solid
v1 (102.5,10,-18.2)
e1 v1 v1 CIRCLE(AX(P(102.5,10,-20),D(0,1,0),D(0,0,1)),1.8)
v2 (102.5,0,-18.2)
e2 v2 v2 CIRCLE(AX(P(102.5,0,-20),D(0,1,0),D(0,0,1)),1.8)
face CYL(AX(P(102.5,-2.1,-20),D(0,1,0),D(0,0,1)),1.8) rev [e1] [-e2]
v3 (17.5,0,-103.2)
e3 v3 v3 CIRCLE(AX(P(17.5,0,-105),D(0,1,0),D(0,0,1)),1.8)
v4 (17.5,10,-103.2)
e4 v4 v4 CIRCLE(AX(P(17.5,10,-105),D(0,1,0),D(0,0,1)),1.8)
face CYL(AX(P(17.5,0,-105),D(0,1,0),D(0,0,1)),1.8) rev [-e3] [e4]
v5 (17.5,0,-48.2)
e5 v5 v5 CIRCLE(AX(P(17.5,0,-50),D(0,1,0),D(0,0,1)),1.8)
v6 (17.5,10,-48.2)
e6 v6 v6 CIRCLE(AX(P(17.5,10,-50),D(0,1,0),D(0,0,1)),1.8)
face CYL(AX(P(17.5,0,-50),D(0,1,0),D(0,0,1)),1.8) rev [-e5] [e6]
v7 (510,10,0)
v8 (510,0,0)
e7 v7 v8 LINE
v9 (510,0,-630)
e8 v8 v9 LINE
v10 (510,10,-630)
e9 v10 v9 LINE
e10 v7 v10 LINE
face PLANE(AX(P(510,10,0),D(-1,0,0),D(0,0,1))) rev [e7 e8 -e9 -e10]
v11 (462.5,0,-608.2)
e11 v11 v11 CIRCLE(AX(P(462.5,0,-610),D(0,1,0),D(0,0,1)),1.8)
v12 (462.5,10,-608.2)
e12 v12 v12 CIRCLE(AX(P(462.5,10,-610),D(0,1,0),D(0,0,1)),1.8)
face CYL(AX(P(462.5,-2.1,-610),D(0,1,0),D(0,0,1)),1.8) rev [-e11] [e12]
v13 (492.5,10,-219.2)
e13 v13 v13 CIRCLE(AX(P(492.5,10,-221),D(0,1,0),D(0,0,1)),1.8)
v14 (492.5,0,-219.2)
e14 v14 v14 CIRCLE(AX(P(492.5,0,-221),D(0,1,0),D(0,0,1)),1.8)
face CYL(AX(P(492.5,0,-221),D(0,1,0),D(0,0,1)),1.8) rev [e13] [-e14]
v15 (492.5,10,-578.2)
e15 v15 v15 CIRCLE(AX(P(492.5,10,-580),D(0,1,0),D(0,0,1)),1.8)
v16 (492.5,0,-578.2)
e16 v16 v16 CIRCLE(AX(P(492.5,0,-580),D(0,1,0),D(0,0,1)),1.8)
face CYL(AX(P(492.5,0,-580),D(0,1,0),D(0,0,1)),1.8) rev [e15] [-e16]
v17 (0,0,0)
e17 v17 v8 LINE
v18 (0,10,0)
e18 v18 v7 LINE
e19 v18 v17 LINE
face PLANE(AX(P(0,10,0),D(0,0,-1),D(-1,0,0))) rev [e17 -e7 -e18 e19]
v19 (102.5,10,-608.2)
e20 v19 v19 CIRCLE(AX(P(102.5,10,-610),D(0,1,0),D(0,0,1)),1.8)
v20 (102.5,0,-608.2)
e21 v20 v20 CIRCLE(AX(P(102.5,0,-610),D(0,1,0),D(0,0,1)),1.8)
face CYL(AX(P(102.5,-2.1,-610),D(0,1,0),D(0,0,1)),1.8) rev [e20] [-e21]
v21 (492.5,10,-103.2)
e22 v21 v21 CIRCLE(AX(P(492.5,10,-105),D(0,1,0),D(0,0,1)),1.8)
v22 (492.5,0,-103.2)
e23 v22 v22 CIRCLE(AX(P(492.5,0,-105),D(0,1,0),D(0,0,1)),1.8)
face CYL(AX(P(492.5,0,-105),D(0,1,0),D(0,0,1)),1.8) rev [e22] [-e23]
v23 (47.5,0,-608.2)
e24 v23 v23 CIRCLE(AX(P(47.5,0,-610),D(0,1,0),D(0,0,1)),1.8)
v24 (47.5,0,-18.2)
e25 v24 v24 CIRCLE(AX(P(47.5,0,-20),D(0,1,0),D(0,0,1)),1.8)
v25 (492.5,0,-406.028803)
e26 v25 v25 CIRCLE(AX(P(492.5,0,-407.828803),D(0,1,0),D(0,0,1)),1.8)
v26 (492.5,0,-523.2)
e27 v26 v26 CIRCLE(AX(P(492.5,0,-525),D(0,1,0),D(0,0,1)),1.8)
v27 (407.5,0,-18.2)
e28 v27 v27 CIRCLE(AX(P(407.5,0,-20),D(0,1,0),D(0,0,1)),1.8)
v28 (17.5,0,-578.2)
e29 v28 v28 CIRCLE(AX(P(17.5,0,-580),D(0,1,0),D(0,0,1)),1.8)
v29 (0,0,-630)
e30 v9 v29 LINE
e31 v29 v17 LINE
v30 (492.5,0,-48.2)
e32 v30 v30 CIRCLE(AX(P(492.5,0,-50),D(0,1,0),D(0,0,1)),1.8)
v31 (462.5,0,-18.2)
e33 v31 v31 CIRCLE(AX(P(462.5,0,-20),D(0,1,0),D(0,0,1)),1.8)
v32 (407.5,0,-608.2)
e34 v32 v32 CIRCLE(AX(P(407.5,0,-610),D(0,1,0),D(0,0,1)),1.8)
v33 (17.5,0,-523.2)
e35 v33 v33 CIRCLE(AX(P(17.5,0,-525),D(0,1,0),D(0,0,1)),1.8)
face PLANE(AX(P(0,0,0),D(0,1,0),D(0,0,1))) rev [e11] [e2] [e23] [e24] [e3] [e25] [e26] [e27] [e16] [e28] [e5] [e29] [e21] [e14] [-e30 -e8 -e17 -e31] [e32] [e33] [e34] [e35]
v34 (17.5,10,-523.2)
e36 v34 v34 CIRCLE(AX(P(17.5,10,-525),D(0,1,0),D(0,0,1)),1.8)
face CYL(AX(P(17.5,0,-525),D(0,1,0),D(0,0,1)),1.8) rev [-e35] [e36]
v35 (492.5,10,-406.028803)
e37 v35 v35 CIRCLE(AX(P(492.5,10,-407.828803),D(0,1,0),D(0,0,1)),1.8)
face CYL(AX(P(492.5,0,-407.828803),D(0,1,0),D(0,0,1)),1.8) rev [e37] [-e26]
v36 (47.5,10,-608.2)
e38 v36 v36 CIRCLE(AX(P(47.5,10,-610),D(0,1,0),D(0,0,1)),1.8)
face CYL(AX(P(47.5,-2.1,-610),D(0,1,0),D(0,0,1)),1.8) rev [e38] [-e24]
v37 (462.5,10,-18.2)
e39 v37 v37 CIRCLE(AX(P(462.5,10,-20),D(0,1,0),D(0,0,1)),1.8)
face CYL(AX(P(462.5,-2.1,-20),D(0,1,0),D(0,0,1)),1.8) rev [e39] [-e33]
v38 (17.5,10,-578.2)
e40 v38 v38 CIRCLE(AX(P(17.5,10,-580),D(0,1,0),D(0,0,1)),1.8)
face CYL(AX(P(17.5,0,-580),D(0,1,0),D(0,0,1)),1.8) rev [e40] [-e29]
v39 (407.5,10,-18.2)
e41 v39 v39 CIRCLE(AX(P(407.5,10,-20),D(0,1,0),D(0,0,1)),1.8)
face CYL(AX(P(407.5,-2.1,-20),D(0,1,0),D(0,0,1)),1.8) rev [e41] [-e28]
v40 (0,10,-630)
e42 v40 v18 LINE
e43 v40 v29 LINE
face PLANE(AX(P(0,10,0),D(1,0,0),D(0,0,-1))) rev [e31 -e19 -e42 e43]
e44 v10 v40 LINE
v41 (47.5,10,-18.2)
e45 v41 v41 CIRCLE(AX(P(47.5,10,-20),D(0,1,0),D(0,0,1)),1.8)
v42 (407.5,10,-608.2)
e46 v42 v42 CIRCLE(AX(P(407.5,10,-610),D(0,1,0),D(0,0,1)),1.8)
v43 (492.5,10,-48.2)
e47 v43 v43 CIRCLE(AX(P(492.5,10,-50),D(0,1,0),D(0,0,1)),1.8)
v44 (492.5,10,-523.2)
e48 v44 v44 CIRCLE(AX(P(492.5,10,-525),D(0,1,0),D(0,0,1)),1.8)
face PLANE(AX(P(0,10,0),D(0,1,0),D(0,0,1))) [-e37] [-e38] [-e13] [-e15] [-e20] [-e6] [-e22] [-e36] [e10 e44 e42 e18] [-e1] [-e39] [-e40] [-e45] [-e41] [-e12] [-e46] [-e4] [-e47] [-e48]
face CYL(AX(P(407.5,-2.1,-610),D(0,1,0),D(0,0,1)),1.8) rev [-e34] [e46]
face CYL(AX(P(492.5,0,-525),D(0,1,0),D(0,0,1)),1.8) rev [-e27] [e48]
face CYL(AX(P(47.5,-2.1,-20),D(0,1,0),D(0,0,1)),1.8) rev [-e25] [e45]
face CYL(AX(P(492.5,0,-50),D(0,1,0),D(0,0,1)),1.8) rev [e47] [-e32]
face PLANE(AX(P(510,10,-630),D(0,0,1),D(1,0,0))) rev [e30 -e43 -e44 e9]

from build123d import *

# Parameters (mm, degrees)
SKETCH1_W           = 510
SKETCH1_H           = 630
BOSS_EXTRUDE1_DEPTH = 10
SKETCH2_R           = 1.8
CUT_EXTRUDE1_DEPTH  = 10
SKETCH3_R           = 1.8
CUT_EXTRUDE2_DEPTH  = 10
SKETCH4_R           = 1.8
CUT_EXTRUDE3_DEPTH  = 12.1


with BuildPart() as part:
    # Sketch1 → Boss-Extrude1 (new body)
    with BuildSketch(Plane(origin=(0, 0, 0), x_dir=(1, 0, 0), z_dir=(0, 1, 0))):
        with Locations((255, 315)):
            Rectangle(SKETCH1_W, SKETCH1_H)
    extrude(amount=BOSS_EXTRUDE1_DEPTH)

    # Sketch2 → Cut-Extrude1 (cut)
    with BuildSketch(Plane(origin=(0, 10, 0), x_dir=(1, 0, 0), z_dir=(0, 1, 0))):
        with Locations(Location((492.5, 50, 0), (0, 0, 270))):
            Circle(SKETCH2_R)
        with Locations(Location((492.5, 105, 0), (0, 0, 270))):
            Circle(SKETCH2_R)
        with Locations(Location((492.5, 580, 0), (0, 0, 270))):
            Circle(SKETCH2_R)
        with Locations(Location((492.5, 525, 0), (0, 0, 270))):
            Circle(SKETCH2_R)
        with Locations(Location((492.5, 407.828802922, 0), (0, 0, 270))):
            Circle(SKETCH2_R)
        with Locations(Location((492.5, 221, 0), (0, 0, 270))):
            Circle(SKETCH2_R)
    extrude(amount=-CUT_EXTRUDE1_DEPTH, mode=Mode.SUBTRACT)

    # Sketch3 → Cut-Extrude2 (cut)
    with BuildSketch(Plane(origin=(0, 10, 0), x_dir=(1, 0, 0), z_dir=(0, 1, 0))):
        with Locations(Location((17.5, 50, 0), (0, 0, 270))):
            Circle(SKETCH3_R)
        with Locations(Location((17.5, 105, 0), (0, 0, 270))):
            Circle(SKETCH3_R)
        with Locations(Location((17.5, 525, 0), (0, 0, 270))):
            Circle(SKETCH3_R)
        with Locations(Location((17.5, 580, 0), (0, 0, 270))):
            Circle(SKETCH3_R)
    extrude(amount=-CUT_EXTRUDE2_DEPTH, mode=Mode.SUBTRACT)

    # Sketch4 → Cut-Extrude3 (cut)
    with BuildSketch(Plane(origin=(0, 10, 0), x_dir=(1, 0, 0), z_dir=(0, 1, 0))):
        with Locations(Location((47.5, 610, 0), (0, 0, 270))):
            Circle(SKETCH4_R)
        with Locations(Location((102.5, 610, 0), (0, 0, 270))):
            Circle(SKETCH4_R)
        with Locations(Location((407.5, 610, 0), (0, 0, 270))):
            Circle(SKETCH4_R)
        with Locations(Location((462.5, 610, 0), (0, 0, 270))):
            Circle(SKETCH4_R)
        with Locations(Location((462.5, 20, 0), (0, 0, 270))):
            Circle(SKETCH4_R)
        with Locations(Location((407.5, 20, 0), (0, 0, 270))):
            Circle(SKETCH4_R)
        with Locations(Location((102.5, 20, 0), (0, 0, 270))):
            Circle(SKETCH4_R)
        with Locations(Location((47.5, 20, 0), (0, 0, 270))):
            Circle(SKETCH4_R)
    extrude(amount=-CUT_EXTRUDE3_DEPTH, mode=Mode.SUBTRACT)


solid = part.part
